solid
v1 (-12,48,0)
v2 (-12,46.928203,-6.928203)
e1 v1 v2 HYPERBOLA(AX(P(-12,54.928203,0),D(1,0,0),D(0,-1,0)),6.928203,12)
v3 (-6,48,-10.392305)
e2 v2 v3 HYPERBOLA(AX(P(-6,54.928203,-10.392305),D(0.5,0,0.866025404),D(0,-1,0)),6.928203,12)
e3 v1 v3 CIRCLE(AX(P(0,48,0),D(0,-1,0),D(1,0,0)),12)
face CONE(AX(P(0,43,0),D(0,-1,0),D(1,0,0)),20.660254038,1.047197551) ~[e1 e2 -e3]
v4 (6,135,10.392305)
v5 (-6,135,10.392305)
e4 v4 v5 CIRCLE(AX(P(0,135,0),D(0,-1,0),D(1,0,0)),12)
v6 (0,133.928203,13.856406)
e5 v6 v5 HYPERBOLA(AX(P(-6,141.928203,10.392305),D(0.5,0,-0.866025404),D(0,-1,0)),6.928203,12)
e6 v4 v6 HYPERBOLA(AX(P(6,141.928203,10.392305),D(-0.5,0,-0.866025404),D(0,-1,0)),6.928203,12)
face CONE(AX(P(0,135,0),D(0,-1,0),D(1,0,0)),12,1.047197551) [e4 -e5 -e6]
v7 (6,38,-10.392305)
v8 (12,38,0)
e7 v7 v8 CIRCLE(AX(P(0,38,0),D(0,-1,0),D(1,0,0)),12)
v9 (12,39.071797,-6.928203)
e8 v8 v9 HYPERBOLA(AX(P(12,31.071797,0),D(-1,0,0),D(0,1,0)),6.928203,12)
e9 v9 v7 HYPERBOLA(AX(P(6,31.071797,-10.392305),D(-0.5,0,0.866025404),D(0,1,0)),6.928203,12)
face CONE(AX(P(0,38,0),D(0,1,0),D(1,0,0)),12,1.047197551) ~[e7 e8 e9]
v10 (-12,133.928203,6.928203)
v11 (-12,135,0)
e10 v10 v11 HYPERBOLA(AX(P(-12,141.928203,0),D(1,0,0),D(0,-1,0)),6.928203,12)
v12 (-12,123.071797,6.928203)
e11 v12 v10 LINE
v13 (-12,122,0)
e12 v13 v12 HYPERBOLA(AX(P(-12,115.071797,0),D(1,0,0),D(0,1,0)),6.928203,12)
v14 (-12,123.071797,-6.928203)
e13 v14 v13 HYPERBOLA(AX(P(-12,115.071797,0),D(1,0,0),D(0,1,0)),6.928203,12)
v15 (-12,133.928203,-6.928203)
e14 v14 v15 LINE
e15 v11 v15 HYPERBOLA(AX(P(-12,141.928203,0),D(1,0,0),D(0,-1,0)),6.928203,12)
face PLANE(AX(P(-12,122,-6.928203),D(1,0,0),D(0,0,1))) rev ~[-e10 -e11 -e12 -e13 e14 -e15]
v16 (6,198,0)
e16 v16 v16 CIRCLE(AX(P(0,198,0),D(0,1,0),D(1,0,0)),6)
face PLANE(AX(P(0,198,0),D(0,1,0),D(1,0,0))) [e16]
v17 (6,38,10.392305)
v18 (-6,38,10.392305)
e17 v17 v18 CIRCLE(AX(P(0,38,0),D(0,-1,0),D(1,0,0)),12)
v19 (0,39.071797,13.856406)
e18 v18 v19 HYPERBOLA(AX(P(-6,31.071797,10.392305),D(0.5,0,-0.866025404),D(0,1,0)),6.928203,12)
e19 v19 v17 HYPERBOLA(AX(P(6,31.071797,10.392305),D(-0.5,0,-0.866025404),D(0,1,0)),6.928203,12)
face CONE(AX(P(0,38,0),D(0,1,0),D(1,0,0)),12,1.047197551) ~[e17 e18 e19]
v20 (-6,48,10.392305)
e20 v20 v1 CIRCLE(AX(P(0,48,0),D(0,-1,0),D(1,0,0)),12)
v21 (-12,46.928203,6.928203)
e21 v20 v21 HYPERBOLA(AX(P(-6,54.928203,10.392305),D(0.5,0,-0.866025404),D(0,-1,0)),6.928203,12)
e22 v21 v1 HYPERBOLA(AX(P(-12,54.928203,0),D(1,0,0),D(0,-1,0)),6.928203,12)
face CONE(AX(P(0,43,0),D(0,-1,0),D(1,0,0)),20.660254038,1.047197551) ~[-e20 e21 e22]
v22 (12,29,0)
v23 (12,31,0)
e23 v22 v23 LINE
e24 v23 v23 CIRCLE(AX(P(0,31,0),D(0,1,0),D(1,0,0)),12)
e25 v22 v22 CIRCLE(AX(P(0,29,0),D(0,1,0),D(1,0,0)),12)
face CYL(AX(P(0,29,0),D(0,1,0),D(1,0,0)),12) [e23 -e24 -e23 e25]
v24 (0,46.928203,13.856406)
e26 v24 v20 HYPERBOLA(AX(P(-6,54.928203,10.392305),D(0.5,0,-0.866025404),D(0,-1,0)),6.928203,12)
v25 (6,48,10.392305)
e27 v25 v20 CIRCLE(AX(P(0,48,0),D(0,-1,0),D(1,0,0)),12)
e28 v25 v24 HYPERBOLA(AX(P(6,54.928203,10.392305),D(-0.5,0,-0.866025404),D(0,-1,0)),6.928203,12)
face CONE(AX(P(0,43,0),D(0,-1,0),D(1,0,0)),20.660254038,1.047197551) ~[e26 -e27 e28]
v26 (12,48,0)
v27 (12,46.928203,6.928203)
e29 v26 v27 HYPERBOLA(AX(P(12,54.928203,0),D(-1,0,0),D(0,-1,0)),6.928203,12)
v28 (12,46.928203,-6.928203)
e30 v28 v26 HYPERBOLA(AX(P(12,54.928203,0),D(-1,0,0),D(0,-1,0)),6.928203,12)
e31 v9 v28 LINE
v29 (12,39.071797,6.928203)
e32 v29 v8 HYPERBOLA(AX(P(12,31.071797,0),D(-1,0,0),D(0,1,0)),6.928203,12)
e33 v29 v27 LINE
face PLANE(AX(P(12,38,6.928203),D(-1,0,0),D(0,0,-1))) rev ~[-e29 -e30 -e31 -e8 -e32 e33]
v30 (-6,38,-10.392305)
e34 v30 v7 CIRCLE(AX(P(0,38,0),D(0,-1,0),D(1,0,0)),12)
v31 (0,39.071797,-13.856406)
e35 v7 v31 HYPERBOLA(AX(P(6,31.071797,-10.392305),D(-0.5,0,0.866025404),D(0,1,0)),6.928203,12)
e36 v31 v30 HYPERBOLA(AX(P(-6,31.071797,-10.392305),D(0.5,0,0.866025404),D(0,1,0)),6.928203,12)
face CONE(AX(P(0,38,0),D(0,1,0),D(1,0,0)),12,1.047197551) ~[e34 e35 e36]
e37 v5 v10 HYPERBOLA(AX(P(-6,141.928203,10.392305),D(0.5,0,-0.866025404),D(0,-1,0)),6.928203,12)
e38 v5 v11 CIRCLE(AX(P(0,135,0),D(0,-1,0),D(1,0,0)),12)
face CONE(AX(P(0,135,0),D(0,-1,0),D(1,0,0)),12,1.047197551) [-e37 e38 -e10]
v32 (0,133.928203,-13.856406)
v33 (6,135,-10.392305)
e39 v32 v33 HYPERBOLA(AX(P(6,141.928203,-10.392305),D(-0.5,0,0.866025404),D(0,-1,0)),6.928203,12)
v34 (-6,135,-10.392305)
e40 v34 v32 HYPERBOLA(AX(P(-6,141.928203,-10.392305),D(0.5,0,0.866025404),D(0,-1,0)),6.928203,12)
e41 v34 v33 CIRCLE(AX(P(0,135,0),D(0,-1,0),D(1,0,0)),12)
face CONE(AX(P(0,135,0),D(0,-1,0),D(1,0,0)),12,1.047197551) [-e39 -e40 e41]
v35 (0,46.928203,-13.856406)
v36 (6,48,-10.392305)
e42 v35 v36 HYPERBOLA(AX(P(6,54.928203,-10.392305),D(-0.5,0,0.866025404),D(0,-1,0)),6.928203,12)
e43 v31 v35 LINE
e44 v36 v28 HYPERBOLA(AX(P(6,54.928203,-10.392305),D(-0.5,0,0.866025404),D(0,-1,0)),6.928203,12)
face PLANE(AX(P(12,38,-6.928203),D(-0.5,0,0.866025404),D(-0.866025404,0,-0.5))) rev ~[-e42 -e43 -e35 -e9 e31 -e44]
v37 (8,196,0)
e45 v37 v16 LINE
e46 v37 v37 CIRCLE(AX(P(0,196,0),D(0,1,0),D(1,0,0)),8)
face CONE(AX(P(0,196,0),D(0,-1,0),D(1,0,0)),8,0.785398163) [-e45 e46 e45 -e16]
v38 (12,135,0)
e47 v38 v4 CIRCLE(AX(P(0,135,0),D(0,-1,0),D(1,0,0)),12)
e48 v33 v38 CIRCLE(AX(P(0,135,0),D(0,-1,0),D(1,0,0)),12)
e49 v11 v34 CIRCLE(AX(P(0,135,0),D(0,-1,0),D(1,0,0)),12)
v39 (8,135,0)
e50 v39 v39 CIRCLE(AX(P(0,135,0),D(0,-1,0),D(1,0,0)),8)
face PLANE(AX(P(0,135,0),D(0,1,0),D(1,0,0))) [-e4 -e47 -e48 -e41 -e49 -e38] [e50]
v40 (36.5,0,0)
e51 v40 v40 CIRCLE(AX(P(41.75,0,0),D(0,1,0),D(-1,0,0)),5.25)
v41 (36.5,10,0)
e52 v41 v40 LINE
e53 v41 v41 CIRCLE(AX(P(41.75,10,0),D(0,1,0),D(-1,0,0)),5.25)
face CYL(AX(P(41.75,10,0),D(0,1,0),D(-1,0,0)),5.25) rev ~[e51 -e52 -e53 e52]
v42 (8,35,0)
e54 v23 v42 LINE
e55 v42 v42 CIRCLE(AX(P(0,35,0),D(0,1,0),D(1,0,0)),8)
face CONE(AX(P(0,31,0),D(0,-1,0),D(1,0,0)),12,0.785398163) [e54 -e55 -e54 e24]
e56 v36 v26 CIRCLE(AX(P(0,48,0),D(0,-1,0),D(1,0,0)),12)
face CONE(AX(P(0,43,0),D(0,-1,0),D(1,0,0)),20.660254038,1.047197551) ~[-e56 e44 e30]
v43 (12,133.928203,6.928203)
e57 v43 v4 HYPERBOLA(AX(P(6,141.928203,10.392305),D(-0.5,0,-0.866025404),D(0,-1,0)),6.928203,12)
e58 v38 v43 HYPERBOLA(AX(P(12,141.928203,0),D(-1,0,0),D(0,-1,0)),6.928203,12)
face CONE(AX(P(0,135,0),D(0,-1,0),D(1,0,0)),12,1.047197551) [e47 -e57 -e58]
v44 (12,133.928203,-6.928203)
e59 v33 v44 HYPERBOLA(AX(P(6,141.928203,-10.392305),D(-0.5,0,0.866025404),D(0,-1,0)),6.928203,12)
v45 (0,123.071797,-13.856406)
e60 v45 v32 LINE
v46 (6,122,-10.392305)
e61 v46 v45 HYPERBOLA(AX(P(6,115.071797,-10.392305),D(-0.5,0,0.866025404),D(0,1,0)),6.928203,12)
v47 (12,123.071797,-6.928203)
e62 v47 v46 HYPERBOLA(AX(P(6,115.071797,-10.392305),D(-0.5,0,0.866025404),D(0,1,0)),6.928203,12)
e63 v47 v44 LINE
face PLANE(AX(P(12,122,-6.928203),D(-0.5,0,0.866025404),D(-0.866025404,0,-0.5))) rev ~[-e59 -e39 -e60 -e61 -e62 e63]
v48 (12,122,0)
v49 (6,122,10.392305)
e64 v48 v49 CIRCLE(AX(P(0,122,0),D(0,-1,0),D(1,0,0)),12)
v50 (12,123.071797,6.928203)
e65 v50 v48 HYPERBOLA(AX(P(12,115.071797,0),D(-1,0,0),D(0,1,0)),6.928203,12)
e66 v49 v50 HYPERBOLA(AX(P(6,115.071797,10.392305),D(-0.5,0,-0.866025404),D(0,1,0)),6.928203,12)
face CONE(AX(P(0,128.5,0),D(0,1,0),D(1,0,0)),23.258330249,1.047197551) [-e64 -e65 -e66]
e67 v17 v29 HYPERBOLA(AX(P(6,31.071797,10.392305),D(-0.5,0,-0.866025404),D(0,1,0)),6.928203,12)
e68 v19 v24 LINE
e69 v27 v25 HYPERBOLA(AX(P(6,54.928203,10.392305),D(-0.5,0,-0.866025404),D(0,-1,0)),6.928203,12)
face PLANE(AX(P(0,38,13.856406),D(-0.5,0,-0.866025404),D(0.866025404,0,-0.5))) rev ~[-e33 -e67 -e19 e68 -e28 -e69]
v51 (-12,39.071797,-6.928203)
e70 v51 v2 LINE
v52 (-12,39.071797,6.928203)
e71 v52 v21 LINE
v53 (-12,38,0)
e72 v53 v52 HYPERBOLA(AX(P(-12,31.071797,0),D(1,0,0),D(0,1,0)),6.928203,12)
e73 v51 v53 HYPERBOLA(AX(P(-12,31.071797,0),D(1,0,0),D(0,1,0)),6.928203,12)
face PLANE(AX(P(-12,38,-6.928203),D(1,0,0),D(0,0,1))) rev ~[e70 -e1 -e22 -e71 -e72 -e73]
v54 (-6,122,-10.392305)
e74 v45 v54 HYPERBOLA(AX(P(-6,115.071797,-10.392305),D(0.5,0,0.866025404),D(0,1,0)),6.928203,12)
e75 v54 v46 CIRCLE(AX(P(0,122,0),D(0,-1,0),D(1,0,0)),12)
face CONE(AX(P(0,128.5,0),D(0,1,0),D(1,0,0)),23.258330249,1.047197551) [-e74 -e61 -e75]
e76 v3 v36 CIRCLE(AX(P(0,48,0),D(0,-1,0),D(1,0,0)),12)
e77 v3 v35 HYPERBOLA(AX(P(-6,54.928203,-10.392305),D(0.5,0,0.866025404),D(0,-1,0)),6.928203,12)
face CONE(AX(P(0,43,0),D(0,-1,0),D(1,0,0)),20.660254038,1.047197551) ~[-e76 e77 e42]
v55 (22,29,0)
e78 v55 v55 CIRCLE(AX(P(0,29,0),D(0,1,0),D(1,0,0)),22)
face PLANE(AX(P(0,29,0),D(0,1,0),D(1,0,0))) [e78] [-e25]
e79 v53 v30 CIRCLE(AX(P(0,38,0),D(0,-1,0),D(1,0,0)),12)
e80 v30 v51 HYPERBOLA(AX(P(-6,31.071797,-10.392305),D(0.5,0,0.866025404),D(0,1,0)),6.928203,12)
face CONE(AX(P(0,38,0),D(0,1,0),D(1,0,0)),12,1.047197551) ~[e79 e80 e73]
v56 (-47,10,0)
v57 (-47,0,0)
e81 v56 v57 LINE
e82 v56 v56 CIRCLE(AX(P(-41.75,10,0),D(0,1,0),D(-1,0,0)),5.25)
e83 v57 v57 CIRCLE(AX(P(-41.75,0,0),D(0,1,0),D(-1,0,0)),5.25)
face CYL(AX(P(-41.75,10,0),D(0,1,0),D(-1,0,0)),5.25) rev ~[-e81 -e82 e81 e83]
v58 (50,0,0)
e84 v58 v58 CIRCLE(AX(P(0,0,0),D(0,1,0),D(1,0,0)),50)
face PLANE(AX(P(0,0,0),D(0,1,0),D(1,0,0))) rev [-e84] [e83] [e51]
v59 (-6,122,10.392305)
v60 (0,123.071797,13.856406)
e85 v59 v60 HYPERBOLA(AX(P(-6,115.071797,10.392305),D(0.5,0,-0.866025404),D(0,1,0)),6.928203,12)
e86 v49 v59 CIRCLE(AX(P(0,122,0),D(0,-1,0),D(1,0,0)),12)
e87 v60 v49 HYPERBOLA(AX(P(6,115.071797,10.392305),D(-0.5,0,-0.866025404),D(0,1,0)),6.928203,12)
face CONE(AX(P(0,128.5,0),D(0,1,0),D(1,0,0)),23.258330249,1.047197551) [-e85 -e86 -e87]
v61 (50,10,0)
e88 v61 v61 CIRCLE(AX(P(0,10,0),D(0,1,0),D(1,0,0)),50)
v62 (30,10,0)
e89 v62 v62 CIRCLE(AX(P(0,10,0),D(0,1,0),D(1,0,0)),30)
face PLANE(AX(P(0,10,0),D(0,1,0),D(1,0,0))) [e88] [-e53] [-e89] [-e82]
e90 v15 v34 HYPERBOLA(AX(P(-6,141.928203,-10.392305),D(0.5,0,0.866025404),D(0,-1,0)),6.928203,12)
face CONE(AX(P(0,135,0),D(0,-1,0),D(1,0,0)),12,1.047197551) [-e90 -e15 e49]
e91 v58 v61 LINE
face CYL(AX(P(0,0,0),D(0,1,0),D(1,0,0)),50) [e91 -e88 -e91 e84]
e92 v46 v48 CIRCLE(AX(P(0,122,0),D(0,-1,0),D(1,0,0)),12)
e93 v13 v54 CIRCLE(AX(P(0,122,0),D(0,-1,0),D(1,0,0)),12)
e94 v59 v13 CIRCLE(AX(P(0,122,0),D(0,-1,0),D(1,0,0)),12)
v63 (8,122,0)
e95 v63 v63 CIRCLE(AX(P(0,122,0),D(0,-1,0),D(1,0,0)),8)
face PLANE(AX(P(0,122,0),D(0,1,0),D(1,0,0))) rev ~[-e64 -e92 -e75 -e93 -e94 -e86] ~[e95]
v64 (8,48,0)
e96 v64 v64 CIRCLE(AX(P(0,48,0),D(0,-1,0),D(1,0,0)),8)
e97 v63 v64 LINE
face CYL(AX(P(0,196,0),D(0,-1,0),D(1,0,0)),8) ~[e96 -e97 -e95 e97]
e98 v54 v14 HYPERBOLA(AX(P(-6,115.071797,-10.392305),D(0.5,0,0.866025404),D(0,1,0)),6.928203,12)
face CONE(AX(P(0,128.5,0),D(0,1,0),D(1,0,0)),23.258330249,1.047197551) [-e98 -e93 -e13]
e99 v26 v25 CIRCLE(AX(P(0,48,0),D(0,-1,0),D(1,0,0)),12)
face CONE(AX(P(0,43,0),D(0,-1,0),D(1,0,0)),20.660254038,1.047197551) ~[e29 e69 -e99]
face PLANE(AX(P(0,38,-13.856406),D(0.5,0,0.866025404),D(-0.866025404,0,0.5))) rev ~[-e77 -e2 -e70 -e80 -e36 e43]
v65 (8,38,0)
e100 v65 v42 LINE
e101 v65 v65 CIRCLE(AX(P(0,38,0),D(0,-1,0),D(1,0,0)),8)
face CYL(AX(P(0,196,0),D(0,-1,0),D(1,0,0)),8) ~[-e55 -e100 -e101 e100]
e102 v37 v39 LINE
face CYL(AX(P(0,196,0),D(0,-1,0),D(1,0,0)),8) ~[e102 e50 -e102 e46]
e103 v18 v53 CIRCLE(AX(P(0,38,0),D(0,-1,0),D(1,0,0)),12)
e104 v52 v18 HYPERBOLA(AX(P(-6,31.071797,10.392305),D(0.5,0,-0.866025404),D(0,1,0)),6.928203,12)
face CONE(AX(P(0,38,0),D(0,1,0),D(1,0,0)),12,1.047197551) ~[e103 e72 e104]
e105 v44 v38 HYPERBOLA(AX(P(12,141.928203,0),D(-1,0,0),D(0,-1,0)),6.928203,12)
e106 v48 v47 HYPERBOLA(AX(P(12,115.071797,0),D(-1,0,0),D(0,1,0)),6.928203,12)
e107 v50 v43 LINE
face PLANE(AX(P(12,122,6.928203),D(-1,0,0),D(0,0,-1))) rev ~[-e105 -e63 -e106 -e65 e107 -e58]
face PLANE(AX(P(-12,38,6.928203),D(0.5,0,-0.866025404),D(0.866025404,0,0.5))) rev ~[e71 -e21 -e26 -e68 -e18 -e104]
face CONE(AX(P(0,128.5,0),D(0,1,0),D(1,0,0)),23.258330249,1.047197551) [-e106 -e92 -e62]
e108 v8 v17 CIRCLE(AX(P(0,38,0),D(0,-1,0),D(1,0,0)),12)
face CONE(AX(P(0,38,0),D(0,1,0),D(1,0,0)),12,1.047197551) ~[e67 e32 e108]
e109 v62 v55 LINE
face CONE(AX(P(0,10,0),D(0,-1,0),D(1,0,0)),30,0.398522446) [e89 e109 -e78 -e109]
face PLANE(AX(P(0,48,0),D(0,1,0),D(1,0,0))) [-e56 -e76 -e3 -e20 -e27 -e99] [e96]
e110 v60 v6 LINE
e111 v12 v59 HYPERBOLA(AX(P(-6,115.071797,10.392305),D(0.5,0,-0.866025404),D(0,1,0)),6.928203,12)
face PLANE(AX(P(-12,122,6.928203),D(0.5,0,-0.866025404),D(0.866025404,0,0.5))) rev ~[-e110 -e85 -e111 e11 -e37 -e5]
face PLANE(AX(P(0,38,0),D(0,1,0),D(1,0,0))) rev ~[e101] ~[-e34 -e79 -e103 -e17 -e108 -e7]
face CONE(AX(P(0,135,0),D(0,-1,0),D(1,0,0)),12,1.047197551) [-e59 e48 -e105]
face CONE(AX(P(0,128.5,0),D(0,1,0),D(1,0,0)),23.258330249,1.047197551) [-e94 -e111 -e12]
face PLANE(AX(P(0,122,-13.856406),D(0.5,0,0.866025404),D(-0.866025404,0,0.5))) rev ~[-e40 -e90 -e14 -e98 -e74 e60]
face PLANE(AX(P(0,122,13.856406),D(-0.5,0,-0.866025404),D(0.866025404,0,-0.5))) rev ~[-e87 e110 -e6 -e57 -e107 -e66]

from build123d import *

# Parameters (mm, degrees)
EXTRUDE_1_DEPTH     = 10
EXTRUDE_2_DEPTH     = 13
SKETCH_5_R          = 5.25
CUT_EXTRUDE_1_DEPTH = 11


with BuildPart() as part:
    # Эскиз1 → Повернуть1 (revolve)
    with BuildSketch(Plane.XY, mode=Mode.PRIVATE) as revolve_1_sk:
        Polygon((0, 0), (-50, 0), (-50, 10), (-30, 10), (-22, 29), (-12, 29), (-12, 31), (-8, 35), (-8, 38), (-8, 48), (-8, 196), (-6, 198), (0, 198), align=None)
    revolve(revolve_1_sk.sketch.rotate(Axis((0, 0, 0), (0, 1, 0)), 180), axis=Axis((0, 0, 0), (0, 1, 0)))  # turned: the seam where the file's is

    # Эскиз2 → Бобышка-Вытянуть1 (add)
    with BuildSketch(Plane(origin=(0, 38, 0), x_dir=(1, 0, 0), z_dir=(0, 1, 0))):
        Polygon((0, 13.856406461), (-12, 6.92820323), (-12, -6.92820323), (0, -13.856406461), (12, -6.92820323), (12, 6.92820323), align=None)
    extrude(amount=EXTRUDE_1_DEPTH)

    # Эскиз3 → Бобышка-Вытянуть2 (add)
    with BuildSketch(Plane(origin=(0, 122, 0), x_dir=(1, 0, 0), z_dir=(0, 1, 0))):
        Polygon((12, 6.92820323), (0, 13.856406461), (-12, 6.92820323), (-12, -6.92820323), (0, -13.856406461), (12, -6.92820323), align=None)
    extrude(amount=EXTRUDE_2_DEPTH)

    # Эскиз4 → Вырез-Повернуть2 (revolve, cut)
    with BuildSketch(Plane.XY, mode=Mode.PRIVATE) as cut_revolve_2_sk:
        Polygon((-23.258330249, 135), (-12, 135), (-23.258330249, 128.5), align=None)
        Polygon((-23.258330249, 122), (-23.258330249, 128.5), (-12, 122), align=None)
        Polygon((-20.660254038, 48), (-20.660254038, 43), (-12, 48), align=None)
        Polygon((-20.660254038, 43), (-20.660254038, 38), (-12, 38), align=None)
    revolve(cut_revolve_2_sk.sketch.rotate(Axis((0, 198, 0), (0, -1, 0)), 180), axis=Axis((0, 198, 0), (0, -1, 0)), mode=Mode.SUBTRACT)  # turned: the seam where the file's is

    # Эскиз5 → Вырез-Вытянуть1 (cut, through all)
    with BuildSketch(Plane(origin=(0, 10, 0), x_dir=(1, 0, 0), z_dir=(0, 1, 0))):
        with Locations(Location((-41.75, 0, 0), (0, 0, 180))):  # turned: the seam where the file's is
            Circle(SKETCH_5_R)
        with Locations(Location((41.75, 0, 0), (0, 0, 180))):  # turned: the seam where the file's is
            Circle(SKETCH_5_R)
    extrude(amount=-CUT_EXTRUDE_1_DEPTH, mode=Mode.SUBTRACT)


solid = part.part
